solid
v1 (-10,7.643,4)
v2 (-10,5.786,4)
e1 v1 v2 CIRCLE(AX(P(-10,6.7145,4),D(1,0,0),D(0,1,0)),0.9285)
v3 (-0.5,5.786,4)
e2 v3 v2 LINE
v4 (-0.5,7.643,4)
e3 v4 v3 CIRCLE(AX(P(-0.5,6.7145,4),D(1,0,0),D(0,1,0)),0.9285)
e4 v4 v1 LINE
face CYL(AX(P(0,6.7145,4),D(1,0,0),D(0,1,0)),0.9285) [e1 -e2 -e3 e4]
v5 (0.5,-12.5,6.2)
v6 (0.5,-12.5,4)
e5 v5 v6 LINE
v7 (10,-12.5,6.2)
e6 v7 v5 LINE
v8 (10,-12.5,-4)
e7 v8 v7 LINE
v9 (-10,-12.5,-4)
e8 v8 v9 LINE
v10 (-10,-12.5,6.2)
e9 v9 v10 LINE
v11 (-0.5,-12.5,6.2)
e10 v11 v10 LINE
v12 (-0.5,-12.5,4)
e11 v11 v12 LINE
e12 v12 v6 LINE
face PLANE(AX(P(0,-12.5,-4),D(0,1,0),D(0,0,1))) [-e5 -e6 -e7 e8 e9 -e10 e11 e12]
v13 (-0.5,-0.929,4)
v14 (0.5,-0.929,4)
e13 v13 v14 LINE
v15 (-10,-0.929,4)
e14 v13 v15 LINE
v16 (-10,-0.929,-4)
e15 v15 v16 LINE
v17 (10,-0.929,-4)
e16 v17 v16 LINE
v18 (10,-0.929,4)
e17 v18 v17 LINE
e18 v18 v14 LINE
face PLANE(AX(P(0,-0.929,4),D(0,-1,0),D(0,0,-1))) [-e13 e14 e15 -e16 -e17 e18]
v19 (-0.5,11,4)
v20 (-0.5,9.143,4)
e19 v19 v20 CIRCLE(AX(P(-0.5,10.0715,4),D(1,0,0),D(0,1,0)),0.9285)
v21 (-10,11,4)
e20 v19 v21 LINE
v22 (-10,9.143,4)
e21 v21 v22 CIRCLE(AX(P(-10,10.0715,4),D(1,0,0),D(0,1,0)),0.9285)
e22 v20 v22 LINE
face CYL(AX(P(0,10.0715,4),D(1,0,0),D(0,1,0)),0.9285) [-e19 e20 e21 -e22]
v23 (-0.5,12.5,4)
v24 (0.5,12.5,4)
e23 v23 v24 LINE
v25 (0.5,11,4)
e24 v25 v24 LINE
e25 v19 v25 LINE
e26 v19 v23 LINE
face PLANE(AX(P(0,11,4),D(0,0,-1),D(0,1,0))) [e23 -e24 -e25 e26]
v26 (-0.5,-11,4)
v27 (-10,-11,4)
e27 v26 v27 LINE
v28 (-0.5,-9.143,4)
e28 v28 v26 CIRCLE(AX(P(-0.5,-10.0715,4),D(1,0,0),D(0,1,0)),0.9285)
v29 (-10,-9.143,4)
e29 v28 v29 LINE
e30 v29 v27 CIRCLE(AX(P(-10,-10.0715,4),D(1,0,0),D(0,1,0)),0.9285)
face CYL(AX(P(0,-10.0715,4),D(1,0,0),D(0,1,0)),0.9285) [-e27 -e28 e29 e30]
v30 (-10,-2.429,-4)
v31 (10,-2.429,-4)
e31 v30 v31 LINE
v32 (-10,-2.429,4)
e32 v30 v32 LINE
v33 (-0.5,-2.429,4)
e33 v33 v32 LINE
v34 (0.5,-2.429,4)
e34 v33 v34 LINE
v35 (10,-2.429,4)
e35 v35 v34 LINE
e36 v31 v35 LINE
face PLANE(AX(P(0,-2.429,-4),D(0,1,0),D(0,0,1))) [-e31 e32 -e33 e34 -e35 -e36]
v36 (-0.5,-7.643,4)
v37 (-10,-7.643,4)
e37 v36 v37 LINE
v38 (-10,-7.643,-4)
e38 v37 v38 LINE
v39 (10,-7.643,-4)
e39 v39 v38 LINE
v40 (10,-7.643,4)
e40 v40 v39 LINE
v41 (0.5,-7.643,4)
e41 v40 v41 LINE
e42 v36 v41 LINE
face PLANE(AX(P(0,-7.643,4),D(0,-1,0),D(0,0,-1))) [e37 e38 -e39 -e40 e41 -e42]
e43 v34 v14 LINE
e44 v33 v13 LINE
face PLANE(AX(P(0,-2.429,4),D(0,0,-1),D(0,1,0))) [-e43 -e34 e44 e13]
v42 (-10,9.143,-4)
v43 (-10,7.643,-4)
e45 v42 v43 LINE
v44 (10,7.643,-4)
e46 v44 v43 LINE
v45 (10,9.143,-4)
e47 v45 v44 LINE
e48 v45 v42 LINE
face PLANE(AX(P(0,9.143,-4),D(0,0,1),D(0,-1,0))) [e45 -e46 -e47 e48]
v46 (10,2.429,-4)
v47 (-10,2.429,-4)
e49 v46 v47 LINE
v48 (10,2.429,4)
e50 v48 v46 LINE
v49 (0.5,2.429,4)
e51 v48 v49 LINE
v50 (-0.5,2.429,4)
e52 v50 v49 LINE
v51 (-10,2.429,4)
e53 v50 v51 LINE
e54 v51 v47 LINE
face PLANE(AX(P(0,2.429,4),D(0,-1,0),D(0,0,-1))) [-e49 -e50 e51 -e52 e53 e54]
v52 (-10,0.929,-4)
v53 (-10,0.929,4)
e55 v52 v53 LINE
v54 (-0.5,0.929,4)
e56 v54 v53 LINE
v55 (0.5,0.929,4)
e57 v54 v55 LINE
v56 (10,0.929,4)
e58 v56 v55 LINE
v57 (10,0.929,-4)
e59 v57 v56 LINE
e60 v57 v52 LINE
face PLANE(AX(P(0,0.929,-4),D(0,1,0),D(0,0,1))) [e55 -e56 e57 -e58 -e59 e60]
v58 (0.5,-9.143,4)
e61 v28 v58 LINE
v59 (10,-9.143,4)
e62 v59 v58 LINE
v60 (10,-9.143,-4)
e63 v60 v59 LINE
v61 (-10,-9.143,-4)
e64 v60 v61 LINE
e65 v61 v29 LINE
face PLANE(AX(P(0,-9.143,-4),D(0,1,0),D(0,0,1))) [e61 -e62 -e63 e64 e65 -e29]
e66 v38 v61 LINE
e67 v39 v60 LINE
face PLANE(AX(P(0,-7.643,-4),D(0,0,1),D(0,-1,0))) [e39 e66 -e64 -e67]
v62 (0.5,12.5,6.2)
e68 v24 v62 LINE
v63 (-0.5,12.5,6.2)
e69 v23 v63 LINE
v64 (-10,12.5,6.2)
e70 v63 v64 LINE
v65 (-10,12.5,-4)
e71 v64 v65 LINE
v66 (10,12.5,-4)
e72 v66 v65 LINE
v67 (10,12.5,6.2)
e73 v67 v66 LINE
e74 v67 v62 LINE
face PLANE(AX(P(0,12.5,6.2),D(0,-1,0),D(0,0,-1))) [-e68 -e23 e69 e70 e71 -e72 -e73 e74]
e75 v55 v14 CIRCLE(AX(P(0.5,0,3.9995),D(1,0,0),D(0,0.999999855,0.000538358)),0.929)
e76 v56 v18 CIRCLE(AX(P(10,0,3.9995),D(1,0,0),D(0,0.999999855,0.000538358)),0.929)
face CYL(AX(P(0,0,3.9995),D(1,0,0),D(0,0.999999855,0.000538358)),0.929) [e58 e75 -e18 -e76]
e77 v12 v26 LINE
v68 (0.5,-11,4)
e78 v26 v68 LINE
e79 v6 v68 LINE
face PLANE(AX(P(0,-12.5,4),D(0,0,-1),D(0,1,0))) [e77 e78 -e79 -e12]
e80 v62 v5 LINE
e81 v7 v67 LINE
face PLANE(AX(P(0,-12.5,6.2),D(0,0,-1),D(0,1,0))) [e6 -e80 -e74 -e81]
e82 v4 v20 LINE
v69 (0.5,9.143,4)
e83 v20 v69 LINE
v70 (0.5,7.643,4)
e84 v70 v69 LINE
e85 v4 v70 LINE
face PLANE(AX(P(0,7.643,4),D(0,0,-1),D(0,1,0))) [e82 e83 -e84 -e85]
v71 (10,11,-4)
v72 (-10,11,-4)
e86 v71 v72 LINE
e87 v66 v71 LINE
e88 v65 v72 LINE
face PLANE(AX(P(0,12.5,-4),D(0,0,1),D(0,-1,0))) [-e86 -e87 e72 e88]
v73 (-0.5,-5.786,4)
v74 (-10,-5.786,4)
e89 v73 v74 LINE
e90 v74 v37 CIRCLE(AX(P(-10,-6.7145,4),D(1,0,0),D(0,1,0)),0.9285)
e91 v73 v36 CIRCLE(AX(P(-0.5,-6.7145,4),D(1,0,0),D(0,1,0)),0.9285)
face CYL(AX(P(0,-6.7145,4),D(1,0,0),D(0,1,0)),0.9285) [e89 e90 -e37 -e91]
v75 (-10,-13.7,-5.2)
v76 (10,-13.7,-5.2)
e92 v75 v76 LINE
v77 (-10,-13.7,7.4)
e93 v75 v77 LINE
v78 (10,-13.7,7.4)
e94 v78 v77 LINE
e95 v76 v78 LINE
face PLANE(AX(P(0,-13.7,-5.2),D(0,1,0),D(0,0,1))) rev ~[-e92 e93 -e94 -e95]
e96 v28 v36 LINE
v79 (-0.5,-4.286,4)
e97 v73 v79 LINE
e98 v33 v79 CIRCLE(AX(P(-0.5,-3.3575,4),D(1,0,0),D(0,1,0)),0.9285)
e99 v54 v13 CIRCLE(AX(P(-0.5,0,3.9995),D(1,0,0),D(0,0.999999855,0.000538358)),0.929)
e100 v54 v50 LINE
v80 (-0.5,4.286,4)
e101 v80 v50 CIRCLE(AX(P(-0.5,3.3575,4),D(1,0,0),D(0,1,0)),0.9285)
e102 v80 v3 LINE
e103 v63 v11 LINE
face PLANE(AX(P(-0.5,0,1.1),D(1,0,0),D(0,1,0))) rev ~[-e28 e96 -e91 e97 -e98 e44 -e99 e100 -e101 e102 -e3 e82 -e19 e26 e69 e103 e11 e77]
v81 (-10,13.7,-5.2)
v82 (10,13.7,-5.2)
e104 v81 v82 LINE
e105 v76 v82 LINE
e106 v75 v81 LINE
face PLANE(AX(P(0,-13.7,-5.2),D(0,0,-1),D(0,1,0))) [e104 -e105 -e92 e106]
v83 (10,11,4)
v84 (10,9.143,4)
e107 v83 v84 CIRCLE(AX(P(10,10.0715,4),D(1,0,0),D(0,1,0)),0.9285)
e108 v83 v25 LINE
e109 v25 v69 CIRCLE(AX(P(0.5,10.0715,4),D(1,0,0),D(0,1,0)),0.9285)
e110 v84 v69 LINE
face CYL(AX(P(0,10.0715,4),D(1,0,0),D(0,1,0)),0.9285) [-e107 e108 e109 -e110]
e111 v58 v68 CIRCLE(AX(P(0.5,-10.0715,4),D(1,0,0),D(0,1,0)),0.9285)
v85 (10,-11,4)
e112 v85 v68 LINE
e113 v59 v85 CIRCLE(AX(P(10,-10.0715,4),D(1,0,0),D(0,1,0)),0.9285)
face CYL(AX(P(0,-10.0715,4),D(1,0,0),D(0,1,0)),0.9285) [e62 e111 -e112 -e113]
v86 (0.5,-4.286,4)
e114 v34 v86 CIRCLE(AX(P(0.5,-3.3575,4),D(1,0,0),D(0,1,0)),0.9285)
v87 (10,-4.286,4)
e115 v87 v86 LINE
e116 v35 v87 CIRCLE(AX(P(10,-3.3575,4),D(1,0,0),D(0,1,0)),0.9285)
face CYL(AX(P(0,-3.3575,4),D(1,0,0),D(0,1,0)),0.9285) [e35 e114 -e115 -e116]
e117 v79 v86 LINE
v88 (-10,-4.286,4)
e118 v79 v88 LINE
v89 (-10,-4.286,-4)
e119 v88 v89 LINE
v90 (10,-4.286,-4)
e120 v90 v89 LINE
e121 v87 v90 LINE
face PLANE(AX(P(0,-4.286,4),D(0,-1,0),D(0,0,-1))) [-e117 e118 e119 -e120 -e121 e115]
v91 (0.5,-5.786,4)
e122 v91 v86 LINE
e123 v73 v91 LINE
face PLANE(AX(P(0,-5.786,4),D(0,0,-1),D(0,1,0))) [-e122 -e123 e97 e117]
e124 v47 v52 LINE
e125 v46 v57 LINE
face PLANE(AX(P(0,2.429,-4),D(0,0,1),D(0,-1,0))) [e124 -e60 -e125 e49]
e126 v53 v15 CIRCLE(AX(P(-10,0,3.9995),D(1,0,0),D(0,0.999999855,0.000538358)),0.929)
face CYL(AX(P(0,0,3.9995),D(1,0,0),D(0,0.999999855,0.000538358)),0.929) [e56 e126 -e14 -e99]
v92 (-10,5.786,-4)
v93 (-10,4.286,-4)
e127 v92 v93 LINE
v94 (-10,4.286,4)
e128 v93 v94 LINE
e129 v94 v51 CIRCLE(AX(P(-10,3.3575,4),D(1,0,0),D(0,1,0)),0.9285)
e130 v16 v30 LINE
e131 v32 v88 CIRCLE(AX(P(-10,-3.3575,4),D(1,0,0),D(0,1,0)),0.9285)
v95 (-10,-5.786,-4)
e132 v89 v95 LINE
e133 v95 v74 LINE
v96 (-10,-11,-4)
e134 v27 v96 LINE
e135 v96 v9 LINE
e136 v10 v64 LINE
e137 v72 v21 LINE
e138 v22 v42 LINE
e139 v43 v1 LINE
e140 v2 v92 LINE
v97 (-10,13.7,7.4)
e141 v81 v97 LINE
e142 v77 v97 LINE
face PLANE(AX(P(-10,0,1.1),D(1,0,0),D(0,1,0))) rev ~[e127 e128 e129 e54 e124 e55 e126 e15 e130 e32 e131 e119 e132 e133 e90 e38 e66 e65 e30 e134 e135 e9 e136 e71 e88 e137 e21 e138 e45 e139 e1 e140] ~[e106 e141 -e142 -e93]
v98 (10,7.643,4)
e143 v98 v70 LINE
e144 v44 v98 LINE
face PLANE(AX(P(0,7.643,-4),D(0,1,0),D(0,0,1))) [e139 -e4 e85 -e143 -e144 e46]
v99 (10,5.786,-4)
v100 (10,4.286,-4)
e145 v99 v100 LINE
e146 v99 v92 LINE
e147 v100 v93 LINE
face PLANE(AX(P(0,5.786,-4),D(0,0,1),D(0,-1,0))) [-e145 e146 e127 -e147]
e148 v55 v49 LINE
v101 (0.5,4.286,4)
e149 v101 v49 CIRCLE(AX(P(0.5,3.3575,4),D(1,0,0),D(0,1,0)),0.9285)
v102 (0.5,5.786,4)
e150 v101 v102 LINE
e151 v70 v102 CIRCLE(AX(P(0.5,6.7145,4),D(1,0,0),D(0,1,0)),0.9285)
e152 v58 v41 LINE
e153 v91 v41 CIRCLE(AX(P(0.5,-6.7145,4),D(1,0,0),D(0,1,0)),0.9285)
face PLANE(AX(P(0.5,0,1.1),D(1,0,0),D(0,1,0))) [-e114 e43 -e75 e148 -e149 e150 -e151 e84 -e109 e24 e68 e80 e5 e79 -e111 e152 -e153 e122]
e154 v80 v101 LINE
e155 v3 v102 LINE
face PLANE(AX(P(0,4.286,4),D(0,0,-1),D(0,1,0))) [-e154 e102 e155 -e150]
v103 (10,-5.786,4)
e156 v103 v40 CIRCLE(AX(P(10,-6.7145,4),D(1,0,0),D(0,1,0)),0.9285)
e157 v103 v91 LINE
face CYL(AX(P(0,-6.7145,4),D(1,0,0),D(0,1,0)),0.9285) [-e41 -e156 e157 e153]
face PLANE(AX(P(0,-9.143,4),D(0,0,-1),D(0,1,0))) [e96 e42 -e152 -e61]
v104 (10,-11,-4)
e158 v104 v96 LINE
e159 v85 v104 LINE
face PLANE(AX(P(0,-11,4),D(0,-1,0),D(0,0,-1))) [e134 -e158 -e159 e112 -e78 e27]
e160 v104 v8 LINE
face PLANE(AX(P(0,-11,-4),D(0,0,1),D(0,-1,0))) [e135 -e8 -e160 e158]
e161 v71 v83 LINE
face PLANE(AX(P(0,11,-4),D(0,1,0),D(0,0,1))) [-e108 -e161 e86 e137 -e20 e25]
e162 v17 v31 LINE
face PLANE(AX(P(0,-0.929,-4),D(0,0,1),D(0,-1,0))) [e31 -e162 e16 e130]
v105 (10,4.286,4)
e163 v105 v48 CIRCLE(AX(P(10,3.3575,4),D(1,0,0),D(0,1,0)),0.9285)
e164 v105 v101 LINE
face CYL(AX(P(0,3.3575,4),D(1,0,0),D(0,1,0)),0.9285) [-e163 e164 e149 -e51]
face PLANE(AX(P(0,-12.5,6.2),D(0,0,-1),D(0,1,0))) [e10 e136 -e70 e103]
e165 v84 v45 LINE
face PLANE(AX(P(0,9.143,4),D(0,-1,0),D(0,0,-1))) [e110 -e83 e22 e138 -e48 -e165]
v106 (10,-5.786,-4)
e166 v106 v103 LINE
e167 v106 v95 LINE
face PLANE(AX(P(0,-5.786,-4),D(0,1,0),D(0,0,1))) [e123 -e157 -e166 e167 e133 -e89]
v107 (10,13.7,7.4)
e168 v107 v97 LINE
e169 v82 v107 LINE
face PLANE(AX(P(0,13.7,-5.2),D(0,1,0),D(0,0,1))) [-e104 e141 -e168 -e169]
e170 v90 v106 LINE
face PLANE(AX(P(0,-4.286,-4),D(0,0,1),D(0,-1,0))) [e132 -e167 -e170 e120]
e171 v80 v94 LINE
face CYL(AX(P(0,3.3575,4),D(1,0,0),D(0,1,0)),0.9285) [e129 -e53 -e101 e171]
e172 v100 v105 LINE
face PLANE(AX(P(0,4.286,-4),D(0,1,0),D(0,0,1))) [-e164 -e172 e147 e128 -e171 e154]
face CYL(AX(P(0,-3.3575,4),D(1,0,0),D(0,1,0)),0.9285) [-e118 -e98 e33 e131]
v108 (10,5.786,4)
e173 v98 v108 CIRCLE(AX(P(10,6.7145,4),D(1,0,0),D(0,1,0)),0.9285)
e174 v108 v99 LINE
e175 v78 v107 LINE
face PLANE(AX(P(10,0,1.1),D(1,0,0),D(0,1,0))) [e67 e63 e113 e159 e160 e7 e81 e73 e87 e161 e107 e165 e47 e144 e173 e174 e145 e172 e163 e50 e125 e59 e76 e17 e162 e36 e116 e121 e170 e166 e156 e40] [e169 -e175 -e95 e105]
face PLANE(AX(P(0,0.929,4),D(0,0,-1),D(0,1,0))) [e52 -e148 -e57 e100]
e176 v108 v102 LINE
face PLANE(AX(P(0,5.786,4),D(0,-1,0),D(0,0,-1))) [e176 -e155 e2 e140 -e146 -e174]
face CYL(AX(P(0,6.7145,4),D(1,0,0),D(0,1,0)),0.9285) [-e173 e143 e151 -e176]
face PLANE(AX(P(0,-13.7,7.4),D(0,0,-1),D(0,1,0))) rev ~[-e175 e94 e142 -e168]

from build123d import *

# Parameters (mm, degrees)
F0_W     = 27.4
F0_H     = 12.6
F1_DEPTH = 10
F2_DEPTH = 0.5


with BuildPart() as f1:
    # F0 (on Right) → F1 (new body, symmetric)
    with BuildSketch(Plane.YZ):
        with Locations((0, 1.1)):
            Rectangle(F0_W, F0_H)
        with BuildLine():
            Line((-2.429, -4), (-2.429, 4))
            ThreePointArc((-2.429, 4), (-3.3575, 4.9285), (-4.286, 4))
            Line((-4.286, 4), (-4.286, -4))
            Line((-4.286, -4), (-5.786, -4))
            Line((-5.786, -4), (-5.786, 4))
            ThreePointArc((-5.786, 4), (-6.7145, 4.9285), (-7.643, 4))
            Line((-7.643, 4), (-7.643, -4))
            Line((-7.643, -4), (-9.143, -4))
            Line((-9.143, -4), (-9.143, 4))
            ThreePointArc((-9.143, 4), (-10.0715, 4.9285), (-11, 4))
            Line((-11, 4), (-11, -4))
            Line((-11, -4), (-12.5, -4))
            Line((-12.5, -4), (-12.5, 4))
            Line((-12.5, 4), (-12.5, 6.2))
            Line((-12.5, 6.2), (12.5, 6.2))
            Line((12.5, 6.2), (12.5, 4))
            Line((12.5, 4), (12.5, -4))
            Line((12.5, -4), (11, -4))
            Line((11, -4), (11, 4))
            ThreePointArc((11, 4), (10.0715, 4.9285), (9.143, 4))
            Line((9.143, 4), (9.143, -4))
            Line((9.143, -4), (7.643, -4))
            Line((7.643, -4), (7.643, 4))
            ThreePointArc((7.643, 4), (6.7145, 4.9285), (5.786, 4))
            Line((5.786, 4), (5.786, -4))
            Line((5.786, -4), (4.286, -4))
            Line((4.286, -4), (4.286, 4))
            ThreePointArc((4.286, 4), (3.3575, 4.9285), (2.429, 4))
            Line((2.429, 4), (2.429, -4))
            Line((2.429, -4), (0.929, -4))
            Line((0.929, -4), (0.929, 4))
            ThreePointArc((0.929, 4), (0, 4.9285), (-0.929, 4))
            Line((-0.929, 4), (-0.929, -4))
            Line((-0.929, -4), (-2.429, -4))
        make_face(mode=Mode.SUBTRACT)
    extrude(amount=F1_DEPTH, both=True)

    # F0 (on Right) → F2 (join, symmetric)
    with BuildSketch(Plane.YZ):
        with Locations((0, 1.1)):
            Rectangle(F0_W, F0_H)
        with BuildLine():
            Line((-2.429, -4), (-2.429, 4))
            ThreePointArc((-2.429, 4), (-3.3575, 4.9285), (-4.286, 4))
            Line((-4.286, 4), (-4.286, -4))
            Line((-4.286, -4), (-5.786, -4))
            Line((-5.786, -4), (-5.786, 4))
            ThreePointArc((-5.786, 4), (-6.7145, 4.9285), (-7.643, 4))
            Line((-7.643, 4), (-7.643, -4))
            Line((-7.643, -4), (-9.143, -4))
            Line((-9.143, -4), (-9.143, 4))
            ThreePointArc((-9.143, 4), (-10.0715, 4.9285), (-11, 4))
            Line((-11, 4), (-11, -4))
            Line((-11, -4), (-12.5, -4))
            Line((-12.5, -4), (-12.5, 4))
            Line((-12.5, 4), (-12.5, 6.2))
            Line((-12.5, 6.2), (12.5, 6.2))
            Line((12.5, 6.2), (12.5, 4))
            Line((12.5, 4), (12.5, -4))
            Line((12.5, -4), (11, -4))
            Line((11, -4), (11, 4))
            ThreePointArc((11, 4), (10.0715, 4.9285), (9.143, 4))
            Line((9.143, 4), (9.143, -4))
            Line((9.143, -4), (7.643, -4))
            Line((7.643, -4), (7.643, 4))
            ThreePointArc((7.643, 4), (6.7145, 4.9285), (5.786, 4))
            Line((5.786, 4), (5.786, -4))
            Line((5.786, -4), (4.286, -4))
            Line((4.286, -4), (4.286, 4))
            ThreePointArc((4.286, 4), (3.3575, 4.9285), (2.429, 4))
            Line((2.429, 4), (2.429, -4))
            Line((2.429, -4), (0.929, -4))
            Line((0.929, -4), (0.929, 4))
            ThreePointArc((0.929, 4), (0, 4.9285), (-0.929, 4))
            Line((-0.929, 4), (-0.929, -4))
            Line((-0.929, -4), (-2.429, -4))
        make_face(mode=Mode.SUBTRACT)
        with BuildLine():
            ThreePointArc((-4.286, 4), (-3.3575, 4.9285), (-2.429, 4))
            Line((-2.429, 4), (-0.929, 4))
            ThreePointArc((-0.929, 4), (0, 4.9285), (0.929, 4))
            Line((0.929, 4), (2.429, 4))
            ThreePointArc((2.429, 4), (3.3575, 4.9285), (4.286, 4))
            Line((4.286, 4), (5.786, 4))
            ThreePointArc((5.786, 4), (6.7145, 4.9285), (7.643, 4))
            Line((7.643, 4), (9.143, 4))
            ThreePointArc((9.143, 4), (10.0715, 4.9285), (11, 4))
            Line((11, 4), (12.5, 4))
            Line((12.5, 4), (12.5, 6.2))
            Line((12.5, 6.2), (-12.5, 6.2))
            Line((-12.5, 6.2), (-12.5, 4))
            Line((-12.5, 4), (-11, 4))
            ThreePointArc((-11, 4), (-10.0715, 4.9285), (-9.143, 4))
            Line((-9.143, 4), (-7.643, 4))
            ThreePointArc((-7.643, 4), (-6.7145, 4.9285), (-5.786, 4))
            Line((-5.786, 4), (-4.286, 4))
        make_face()
    extrude(amount=F2_DEPTH, both=True)


solid = f1.part
